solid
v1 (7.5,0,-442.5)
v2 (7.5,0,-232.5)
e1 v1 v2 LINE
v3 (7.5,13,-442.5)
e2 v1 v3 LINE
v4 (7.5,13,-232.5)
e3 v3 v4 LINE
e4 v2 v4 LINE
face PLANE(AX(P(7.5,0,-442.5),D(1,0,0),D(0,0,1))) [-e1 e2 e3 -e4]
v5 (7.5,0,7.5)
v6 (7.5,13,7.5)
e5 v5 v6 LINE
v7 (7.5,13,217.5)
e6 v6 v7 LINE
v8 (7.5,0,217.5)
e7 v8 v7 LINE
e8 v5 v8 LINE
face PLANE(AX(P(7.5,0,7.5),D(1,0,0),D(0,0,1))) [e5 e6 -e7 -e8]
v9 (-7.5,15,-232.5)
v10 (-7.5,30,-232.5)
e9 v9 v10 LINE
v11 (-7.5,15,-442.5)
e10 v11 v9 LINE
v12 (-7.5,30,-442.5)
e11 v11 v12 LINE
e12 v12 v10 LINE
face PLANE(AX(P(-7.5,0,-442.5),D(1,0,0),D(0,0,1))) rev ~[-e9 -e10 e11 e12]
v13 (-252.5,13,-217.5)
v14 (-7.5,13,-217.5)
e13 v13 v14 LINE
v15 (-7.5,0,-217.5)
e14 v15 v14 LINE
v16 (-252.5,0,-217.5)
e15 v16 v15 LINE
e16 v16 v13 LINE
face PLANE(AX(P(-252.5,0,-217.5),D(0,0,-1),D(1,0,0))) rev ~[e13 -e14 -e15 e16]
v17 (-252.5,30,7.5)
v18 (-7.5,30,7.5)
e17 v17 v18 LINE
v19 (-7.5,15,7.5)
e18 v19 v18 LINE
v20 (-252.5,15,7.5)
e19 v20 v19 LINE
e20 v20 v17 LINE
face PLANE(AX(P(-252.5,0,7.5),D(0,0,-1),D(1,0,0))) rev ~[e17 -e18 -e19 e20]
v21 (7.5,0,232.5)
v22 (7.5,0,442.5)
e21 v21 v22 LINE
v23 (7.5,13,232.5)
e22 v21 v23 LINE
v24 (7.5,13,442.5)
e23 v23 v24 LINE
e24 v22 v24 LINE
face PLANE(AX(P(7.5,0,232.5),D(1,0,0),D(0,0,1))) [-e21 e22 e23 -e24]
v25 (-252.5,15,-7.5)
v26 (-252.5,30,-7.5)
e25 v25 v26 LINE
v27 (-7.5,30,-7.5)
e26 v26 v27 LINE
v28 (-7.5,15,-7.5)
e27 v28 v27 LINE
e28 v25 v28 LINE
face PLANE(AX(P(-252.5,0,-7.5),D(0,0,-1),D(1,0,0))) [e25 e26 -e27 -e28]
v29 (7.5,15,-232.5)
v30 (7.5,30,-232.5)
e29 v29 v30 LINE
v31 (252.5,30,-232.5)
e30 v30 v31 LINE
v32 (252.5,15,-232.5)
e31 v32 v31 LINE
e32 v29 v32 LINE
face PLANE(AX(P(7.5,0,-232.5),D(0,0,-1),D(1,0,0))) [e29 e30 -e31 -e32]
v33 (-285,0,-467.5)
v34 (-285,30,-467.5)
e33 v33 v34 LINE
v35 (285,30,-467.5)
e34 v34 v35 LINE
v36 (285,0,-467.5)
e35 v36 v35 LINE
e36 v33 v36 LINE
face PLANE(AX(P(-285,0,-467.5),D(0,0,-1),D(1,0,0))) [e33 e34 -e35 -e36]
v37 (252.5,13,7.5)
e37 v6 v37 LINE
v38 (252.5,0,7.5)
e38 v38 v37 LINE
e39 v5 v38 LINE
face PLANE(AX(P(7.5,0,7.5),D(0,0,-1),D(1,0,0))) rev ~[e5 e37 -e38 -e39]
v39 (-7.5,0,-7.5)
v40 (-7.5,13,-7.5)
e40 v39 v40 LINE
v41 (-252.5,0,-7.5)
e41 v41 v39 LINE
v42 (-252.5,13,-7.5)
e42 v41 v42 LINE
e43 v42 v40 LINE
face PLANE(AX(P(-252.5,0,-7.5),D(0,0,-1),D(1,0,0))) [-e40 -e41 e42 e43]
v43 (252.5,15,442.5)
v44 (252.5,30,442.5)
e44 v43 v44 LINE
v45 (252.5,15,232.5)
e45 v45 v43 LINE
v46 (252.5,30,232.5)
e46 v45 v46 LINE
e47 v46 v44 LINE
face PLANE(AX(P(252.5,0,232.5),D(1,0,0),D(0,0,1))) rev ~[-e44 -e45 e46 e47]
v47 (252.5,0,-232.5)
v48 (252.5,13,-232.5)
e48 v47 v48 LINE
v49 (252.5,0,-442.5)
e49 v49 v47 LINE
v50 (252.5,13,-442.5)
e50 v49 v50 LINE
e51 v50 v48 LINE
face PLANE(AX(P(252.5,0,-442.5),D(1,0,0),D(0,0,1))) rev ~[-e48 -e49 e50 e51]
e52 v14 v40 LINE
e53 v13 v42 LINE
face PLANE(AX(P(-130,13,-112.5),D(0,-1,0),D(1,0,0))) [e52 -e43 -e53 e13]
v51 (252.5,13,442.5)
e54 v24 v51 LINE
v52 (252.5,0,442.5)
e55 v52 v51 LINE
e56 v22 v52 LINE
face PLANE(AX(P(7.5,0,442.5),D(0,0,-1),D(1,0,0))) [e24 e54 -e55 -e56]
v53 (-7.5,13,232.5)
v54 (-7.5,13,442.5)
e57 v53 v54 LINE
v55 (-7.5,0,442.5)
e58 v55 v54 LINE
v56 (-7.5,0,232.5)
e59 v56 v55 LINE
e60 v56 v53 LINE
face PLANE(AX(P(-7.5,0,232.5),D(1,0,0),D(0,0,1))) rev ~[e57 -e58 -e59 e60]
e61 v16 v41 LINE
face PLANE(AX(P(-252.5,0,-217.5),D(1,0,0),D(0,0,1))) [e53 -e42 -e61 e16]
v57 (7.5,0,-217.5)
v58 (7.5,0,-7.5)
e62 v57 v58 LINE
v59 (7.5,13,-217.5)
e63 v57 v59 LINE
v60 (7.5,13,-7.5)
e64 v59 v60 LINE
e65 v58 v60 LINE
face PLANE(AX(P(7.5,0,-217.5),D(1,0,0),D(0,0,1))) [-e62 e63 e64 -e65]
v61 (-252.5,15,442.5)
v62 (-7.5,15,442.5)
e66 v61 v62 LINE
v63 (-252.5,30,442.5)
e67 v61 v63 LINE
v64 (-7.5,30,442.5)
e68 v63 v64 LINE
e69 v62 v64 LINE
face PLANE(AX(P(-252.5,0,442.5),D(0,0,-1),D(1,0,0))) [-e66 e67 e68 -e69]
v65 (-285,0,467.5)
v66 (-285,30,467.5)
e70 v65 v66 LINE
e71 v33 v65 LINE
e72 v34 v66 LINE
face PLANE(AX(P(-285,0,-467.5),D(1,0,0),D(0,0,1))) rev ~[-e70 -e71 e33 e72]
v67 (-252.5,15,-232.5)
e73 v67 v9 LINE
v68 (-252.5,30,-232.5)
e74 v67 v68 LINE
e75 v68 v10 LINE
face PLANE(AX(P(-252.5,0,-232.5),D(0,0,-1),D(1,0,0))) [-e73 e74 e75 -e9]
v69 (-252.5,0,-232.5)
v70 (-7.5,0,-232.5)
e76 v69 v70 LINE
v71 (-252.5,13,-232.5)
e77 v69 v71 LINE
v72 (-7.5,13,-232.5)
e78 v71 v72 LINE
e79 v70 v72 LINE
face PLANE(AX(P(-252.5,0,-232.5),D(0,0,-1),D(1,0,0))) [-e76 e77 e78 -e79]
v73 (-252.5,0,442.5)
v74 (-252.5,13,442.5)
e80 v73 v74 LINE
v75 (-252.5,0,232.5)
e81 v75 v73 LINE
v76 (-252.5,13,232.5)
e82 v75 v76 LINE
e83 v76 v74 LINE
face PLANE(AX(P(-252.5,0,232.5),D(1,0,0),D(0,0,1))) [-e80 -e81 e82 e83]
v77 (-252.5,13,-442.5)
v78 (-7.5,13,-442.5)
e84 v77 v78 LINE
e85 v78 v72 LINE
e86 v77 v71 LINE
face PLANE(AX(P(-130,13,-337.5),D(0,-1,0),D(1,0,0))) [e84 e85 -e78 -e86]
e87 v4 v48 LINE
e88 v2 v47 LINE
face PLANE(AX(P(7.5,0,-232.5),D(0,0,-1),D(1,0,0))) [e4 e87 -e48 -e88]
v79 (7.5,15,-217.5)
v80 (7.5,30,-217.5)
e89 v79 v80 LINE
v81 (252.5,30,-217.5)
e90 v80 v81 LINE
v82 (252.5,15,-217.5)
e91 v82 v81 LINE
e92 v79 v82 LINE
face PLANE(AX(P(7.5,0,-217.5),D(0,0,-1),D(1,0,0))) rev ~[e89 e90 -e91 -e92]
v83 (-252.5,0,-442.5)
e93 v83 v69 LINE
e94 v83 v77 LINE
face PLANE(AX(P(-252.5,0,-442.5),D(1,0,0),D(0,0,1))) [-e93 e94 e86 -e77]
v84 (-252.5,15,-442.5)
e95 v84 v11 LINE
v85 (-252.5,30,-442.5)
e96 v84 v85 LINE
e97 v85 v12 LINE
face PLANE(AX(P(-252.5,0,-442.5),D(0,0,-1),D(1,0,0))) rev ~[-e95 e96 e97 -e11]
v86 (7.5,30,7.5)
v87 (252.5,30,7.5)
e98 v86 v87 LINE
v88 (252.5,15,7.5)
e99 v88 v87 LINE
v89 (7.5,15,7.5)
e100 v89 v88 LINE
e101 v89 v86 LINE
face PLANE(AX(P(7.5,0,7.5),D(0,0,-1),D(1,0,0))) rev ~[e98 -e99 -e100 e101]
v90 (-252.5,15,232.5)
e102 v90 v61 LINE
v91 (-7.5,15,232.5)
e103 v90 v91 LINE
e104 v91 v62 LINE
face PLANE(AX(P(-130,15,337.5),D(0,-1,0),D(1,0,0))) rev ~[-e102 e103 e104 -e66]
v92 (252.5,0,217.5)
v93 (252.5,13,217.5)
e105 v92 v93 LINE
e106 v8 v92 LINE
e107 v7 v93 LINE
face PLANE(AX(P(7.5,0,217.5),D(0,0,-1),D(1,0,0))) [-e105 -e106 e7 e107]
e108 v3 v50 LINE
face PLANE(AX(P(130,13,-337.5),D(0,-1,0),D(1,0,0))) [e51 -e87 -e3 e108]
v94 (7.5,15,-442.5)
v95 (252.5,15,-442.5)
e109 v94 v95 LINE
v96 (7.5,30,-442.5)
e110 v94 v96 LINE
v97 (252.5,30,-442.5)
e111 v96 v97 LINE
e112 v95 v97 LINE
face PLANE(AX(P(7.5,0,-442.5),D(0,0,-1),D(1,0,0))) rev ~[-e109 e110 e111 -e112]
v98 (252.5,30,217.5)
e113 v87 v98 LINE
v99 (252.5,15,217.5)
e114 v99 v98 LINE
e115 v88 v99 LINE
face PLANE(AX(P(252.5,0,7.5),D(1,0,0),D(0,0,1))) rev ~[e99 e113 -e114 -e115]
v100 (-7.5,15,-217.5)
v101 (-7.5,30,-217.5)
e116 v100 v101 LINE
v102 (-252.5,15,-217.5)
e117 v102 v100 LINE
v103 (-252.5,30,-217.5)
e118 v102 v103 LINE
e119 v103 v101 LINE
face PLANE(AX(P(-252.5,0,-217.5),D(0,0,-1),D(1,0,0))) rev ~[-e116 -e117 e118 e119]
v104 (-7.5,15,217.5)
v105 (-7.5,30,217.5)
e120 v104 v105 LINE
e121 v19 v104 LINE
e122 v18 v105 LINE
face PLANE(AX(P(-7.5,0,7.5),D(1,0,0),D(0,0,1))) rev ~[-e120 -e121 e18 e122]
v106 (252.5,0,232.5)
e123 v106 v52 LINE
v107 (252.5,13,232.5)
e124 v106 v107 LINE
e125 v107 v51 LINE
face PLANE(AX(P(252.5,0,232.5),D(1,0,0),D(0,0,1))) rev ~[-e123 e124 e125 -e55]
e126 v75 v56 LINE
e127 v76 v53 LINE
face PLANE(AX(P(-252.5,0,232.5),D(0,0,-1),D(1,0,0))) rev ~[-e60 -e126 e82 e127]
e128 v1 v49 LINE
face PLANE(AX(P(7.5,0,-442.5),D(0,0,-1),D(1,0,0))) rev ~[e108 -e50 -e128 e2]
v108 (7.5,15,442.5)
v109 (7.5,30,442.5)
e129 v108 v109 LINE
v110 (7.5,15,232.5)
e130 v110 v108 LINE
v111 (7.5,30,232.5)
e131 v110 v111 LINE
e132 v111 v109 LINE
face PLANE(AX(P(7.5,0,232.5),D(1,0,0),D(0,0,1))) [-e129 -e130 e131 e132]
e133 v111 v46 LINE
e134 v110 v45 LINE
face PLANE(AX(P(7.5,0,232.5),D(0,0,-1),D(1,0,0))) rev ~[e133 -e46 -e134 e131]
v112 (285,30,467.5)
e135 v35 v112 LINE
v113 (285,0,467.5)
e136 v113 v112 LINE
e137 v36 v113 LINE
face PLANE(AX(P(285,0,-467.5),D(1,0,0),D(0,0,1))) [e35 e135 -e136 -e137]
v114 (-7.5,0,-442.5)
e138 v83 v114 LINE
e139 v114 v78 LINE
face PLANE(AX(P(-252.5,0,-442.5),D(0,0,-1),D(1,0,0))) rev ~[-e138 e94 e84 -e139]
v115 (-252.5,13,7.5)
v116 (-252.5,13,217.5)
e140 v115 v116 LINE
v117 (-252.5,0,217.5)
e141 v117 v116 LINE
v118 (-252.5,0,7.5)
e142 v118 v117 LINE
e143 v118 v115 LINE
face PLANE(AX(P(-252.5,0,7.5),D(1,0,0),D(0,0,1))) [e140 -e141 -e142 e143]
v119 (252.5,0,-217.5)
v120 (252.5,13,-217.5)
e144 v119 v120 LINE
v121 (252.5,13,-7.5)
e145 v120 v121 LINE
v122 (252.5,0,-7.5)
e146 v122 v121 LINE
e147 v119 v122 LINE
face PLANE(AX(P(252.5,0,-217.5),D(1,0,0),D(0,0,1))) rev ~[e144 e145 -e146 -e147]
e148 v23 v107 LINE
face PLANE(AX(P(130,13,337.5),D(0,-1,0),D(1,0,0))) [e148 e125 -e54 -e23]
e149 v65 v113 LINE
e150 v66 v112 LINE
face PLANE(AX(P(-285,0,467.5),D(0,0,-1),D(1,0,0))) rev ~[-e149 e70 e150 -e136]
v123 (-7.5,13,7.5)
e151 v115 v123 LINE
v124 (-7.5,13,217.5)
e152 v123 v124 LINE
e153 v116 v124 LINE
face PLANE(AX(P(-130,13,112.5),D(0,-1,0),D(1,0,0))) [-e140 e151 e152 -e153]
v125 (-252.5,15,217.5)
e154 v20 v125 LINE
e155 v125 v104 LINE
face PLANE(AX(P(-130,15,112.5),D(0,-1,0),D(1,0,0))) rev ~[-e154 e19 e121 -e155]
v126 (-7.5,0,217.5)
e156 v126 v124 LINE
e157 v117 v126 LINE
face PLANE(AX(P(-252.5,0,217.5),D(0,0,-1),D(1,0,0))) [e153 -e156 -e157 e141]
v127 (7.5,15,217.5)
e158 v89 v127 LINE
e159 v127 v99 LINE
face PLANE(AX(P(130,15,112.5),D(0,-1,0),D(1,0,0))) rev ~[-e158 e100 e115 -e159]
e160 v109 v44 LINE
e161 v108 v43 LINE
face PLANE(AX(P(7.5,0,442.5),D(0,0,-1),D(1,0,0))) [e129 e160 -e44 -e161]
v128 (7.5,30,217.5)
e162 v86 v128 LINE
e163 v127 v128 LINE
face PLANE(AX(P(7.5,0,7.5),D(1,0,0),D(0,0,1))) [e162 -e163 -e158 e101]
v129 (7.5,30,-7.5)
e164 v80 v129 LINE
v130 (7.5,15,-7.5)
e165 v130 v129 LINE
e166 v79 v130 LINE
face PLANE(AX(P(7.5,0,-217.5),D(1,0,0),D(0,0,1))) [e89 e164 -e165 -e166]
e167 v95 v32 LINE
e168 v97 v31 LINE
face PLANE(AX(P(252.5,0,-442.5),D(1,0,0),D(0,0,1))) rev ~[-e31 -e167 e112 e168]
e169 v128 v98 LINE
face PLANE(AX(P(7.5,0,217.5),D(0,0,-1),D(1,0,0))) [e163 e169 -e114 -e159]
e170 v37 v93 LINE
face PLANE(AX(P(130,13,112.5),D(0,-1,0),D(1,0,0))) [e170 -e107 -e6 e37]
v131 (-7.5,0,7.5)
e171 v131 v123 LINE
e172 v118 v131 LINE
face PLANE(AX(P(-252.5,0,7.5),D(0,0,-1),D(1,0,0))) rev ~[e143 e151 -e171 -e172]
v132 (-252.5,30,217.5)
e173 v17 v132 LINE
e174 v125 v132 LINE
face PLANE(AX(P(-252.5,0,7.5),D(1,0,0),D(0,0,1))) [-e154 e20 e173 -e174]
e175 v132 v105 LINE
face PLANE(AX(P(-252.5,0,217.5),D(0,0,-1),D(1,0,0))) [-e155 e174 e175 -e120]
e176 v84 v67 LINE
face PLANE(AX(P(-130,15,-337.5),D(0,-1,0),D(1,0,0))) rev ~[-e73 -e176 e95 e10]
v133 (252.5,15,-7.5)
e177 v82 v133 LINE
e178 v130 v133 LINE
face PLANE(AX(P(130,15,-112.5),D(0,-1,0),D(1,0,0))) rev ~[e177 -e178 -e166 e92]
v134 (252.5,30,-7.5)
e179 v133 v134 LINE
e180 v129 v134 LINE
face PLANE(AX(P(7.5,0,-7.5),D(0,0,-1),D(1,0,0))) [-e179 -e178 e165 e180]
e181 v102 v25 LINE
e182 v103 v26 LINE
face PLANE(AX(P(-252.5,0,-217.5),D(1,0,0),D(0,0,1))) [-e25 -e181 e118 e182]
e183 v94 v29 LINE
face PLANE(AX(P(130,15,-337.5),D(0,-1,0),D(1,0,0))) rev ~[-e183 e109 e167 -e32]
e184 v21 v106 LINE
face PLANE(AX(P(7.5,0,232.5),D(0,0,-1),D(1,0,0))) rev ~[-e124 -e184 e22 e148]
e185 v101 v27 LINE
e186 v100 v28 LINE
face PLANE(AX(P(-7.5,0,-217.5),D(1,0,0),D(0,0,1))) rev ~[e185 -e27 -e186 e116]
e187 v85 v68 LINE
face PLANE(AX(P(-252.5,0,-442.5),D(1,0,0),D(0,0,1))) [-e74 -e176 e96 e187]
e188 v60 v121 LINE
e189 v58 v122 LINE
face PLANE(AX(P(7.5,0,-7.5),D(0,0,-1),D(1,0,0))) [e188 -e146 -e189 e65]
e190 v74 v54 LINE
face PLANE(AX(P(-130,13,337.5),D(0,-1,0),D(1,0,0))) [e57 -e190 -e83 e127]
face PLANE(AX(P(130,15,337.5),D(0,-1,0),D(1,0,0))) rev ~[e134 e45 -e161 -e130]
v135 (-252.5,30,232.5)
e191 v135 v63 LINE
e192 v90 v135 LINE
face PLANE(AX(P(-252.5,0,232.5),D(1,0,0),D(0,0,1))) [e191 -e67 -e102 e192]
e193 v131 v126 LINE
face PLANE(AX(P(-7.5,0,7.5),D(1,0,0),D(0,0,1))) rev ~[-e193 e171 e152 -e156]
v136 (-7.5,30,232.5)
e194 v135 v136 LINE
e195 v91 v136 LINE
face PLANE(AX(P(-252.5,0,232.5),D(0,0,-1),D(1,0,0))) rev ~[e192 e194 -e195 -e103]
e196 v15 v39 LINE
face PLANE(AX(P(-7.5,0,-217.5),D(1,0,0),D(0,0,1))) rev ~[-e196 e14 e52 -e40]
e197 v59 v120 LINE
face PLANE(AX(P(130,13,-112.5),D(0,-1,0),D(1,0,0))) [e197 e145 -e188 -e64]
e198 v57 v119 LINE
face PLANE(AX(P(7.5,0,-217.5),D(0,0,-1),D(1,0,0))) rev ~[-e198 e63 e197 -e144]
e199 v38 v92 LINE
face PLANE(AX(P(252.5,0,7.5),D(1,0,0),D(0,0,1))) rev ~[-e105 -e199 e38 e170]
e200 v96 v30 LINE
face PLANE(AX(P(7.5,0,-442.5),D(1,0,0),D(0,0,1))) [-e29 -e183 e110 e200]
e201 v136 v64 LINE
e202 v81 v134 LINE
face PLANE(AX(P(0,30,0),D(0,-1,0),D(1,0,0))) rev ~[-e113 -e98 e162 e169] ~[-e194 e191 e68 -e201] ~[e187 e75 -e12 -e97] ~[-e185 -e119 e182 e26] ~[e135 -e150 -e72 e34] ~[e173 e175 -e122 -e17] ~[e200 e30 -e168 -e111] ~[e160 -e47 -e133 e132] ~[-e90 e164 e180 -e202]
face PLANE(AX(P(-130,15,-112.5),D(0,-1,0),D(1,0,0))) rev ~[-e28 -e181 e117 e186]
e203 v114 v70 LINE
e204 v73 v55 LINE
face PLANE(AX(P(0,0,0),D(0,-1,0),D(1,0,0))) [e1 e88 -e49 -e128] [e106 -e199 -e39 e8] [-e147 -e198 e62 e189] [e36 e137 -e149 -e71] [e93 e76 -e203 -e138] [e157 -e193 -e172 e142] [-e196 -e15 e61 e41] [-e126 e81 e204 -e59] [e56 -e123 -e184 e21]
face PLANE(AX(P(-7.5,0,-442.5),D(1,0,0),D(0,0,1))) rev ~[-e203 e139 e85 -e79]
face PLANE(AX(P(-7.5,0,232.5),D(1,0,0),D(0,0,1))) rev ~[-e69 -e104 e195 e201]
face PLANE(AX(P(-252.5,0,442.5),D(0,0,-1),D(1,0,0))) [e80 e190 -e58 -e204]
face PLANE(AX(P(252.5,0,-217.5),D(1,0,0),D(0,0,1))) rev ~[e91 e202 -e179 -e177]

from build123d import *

# Parameters (mm, degrees)
F0_W     = 570
F0_H     = 935
F0_W_2   = 245
F0_H_2   = 210
F1_DEPTH = 30
F3_W     = 245
F3_H     = 210
F4_DEPTH = 2


with BuildPart() as f1:
    # F0 (on Front) → F1 (new body)
    with BuildSketch(Plane.XZ):
        Rectangle(F0_W, F0_H)
        with Locations((-130, -337.5)):
            Rectangle(F0_W_2, F0_H_2, mode=Mode.SUBTRACT)
        with Locations((-130, -112.5)):
            Rectangle(F0_W_2, F0_H_2, mode=Mode.SUBTRACT)
        with Locations((130, -337.5)):
            Rectangle(F0_W_2, F0_H_2, mode=Mode.SUBTRACT)
        with Locations((130, -112.5)):
            Rectangle(F0_W_2, F0_H_2, mode=Mode.SUBTRACT)
        with Locations((-130, 112.5)):
            Rectangle(F0_W_2, F0_H_2, mode=Mode.SUBTRACT)
        with Locations((-130, 337.5)):
            Rectangle(F0_W_2, F0_H_2, mode=Mode.SUBTRACT)
        with Locations((130, 112.5)):
            Rectangle(F0_W_2, F0_H_2, mode=Mode.SUBTRACT)
        with Locations((130, 337.5)):
            Rectangle(F0_W_2, F0_H_2, mode=Mode.SUBTRACT)
    extrude(amount=-F1_DEPTH)

    # F3 (on offset) → F4 (join)
    with BuildSketch(Plane.XZ.offset(-15)):
        with Locations((-130, 337.5)):
            Rectangle(F3_W, F3_H)
        with Locations((130, 337.5)):
            Rectangle(F3_W, F3_H)
        with Locations((130, 112.5)):
            Rectangle(F3_W, F3_H)
        with Locations((-130, 112.5)):
            Rectangle(F3_W, F3_H)
        with Locations((-130, -112.5)):
            Rectangle(F3_W, F3_H)
        with Locations((130, -112.5)):
            Rectangle(F3_W, F3_H)
        with Locations((130, -337.5)):
            Rectangle(F3_W, F3_H)
        with Locations((-130, -337.5)):
            Rectangle(F3_W, F3_H)
    extrude(amount=F4_DEPTH)


solid = f1.part
